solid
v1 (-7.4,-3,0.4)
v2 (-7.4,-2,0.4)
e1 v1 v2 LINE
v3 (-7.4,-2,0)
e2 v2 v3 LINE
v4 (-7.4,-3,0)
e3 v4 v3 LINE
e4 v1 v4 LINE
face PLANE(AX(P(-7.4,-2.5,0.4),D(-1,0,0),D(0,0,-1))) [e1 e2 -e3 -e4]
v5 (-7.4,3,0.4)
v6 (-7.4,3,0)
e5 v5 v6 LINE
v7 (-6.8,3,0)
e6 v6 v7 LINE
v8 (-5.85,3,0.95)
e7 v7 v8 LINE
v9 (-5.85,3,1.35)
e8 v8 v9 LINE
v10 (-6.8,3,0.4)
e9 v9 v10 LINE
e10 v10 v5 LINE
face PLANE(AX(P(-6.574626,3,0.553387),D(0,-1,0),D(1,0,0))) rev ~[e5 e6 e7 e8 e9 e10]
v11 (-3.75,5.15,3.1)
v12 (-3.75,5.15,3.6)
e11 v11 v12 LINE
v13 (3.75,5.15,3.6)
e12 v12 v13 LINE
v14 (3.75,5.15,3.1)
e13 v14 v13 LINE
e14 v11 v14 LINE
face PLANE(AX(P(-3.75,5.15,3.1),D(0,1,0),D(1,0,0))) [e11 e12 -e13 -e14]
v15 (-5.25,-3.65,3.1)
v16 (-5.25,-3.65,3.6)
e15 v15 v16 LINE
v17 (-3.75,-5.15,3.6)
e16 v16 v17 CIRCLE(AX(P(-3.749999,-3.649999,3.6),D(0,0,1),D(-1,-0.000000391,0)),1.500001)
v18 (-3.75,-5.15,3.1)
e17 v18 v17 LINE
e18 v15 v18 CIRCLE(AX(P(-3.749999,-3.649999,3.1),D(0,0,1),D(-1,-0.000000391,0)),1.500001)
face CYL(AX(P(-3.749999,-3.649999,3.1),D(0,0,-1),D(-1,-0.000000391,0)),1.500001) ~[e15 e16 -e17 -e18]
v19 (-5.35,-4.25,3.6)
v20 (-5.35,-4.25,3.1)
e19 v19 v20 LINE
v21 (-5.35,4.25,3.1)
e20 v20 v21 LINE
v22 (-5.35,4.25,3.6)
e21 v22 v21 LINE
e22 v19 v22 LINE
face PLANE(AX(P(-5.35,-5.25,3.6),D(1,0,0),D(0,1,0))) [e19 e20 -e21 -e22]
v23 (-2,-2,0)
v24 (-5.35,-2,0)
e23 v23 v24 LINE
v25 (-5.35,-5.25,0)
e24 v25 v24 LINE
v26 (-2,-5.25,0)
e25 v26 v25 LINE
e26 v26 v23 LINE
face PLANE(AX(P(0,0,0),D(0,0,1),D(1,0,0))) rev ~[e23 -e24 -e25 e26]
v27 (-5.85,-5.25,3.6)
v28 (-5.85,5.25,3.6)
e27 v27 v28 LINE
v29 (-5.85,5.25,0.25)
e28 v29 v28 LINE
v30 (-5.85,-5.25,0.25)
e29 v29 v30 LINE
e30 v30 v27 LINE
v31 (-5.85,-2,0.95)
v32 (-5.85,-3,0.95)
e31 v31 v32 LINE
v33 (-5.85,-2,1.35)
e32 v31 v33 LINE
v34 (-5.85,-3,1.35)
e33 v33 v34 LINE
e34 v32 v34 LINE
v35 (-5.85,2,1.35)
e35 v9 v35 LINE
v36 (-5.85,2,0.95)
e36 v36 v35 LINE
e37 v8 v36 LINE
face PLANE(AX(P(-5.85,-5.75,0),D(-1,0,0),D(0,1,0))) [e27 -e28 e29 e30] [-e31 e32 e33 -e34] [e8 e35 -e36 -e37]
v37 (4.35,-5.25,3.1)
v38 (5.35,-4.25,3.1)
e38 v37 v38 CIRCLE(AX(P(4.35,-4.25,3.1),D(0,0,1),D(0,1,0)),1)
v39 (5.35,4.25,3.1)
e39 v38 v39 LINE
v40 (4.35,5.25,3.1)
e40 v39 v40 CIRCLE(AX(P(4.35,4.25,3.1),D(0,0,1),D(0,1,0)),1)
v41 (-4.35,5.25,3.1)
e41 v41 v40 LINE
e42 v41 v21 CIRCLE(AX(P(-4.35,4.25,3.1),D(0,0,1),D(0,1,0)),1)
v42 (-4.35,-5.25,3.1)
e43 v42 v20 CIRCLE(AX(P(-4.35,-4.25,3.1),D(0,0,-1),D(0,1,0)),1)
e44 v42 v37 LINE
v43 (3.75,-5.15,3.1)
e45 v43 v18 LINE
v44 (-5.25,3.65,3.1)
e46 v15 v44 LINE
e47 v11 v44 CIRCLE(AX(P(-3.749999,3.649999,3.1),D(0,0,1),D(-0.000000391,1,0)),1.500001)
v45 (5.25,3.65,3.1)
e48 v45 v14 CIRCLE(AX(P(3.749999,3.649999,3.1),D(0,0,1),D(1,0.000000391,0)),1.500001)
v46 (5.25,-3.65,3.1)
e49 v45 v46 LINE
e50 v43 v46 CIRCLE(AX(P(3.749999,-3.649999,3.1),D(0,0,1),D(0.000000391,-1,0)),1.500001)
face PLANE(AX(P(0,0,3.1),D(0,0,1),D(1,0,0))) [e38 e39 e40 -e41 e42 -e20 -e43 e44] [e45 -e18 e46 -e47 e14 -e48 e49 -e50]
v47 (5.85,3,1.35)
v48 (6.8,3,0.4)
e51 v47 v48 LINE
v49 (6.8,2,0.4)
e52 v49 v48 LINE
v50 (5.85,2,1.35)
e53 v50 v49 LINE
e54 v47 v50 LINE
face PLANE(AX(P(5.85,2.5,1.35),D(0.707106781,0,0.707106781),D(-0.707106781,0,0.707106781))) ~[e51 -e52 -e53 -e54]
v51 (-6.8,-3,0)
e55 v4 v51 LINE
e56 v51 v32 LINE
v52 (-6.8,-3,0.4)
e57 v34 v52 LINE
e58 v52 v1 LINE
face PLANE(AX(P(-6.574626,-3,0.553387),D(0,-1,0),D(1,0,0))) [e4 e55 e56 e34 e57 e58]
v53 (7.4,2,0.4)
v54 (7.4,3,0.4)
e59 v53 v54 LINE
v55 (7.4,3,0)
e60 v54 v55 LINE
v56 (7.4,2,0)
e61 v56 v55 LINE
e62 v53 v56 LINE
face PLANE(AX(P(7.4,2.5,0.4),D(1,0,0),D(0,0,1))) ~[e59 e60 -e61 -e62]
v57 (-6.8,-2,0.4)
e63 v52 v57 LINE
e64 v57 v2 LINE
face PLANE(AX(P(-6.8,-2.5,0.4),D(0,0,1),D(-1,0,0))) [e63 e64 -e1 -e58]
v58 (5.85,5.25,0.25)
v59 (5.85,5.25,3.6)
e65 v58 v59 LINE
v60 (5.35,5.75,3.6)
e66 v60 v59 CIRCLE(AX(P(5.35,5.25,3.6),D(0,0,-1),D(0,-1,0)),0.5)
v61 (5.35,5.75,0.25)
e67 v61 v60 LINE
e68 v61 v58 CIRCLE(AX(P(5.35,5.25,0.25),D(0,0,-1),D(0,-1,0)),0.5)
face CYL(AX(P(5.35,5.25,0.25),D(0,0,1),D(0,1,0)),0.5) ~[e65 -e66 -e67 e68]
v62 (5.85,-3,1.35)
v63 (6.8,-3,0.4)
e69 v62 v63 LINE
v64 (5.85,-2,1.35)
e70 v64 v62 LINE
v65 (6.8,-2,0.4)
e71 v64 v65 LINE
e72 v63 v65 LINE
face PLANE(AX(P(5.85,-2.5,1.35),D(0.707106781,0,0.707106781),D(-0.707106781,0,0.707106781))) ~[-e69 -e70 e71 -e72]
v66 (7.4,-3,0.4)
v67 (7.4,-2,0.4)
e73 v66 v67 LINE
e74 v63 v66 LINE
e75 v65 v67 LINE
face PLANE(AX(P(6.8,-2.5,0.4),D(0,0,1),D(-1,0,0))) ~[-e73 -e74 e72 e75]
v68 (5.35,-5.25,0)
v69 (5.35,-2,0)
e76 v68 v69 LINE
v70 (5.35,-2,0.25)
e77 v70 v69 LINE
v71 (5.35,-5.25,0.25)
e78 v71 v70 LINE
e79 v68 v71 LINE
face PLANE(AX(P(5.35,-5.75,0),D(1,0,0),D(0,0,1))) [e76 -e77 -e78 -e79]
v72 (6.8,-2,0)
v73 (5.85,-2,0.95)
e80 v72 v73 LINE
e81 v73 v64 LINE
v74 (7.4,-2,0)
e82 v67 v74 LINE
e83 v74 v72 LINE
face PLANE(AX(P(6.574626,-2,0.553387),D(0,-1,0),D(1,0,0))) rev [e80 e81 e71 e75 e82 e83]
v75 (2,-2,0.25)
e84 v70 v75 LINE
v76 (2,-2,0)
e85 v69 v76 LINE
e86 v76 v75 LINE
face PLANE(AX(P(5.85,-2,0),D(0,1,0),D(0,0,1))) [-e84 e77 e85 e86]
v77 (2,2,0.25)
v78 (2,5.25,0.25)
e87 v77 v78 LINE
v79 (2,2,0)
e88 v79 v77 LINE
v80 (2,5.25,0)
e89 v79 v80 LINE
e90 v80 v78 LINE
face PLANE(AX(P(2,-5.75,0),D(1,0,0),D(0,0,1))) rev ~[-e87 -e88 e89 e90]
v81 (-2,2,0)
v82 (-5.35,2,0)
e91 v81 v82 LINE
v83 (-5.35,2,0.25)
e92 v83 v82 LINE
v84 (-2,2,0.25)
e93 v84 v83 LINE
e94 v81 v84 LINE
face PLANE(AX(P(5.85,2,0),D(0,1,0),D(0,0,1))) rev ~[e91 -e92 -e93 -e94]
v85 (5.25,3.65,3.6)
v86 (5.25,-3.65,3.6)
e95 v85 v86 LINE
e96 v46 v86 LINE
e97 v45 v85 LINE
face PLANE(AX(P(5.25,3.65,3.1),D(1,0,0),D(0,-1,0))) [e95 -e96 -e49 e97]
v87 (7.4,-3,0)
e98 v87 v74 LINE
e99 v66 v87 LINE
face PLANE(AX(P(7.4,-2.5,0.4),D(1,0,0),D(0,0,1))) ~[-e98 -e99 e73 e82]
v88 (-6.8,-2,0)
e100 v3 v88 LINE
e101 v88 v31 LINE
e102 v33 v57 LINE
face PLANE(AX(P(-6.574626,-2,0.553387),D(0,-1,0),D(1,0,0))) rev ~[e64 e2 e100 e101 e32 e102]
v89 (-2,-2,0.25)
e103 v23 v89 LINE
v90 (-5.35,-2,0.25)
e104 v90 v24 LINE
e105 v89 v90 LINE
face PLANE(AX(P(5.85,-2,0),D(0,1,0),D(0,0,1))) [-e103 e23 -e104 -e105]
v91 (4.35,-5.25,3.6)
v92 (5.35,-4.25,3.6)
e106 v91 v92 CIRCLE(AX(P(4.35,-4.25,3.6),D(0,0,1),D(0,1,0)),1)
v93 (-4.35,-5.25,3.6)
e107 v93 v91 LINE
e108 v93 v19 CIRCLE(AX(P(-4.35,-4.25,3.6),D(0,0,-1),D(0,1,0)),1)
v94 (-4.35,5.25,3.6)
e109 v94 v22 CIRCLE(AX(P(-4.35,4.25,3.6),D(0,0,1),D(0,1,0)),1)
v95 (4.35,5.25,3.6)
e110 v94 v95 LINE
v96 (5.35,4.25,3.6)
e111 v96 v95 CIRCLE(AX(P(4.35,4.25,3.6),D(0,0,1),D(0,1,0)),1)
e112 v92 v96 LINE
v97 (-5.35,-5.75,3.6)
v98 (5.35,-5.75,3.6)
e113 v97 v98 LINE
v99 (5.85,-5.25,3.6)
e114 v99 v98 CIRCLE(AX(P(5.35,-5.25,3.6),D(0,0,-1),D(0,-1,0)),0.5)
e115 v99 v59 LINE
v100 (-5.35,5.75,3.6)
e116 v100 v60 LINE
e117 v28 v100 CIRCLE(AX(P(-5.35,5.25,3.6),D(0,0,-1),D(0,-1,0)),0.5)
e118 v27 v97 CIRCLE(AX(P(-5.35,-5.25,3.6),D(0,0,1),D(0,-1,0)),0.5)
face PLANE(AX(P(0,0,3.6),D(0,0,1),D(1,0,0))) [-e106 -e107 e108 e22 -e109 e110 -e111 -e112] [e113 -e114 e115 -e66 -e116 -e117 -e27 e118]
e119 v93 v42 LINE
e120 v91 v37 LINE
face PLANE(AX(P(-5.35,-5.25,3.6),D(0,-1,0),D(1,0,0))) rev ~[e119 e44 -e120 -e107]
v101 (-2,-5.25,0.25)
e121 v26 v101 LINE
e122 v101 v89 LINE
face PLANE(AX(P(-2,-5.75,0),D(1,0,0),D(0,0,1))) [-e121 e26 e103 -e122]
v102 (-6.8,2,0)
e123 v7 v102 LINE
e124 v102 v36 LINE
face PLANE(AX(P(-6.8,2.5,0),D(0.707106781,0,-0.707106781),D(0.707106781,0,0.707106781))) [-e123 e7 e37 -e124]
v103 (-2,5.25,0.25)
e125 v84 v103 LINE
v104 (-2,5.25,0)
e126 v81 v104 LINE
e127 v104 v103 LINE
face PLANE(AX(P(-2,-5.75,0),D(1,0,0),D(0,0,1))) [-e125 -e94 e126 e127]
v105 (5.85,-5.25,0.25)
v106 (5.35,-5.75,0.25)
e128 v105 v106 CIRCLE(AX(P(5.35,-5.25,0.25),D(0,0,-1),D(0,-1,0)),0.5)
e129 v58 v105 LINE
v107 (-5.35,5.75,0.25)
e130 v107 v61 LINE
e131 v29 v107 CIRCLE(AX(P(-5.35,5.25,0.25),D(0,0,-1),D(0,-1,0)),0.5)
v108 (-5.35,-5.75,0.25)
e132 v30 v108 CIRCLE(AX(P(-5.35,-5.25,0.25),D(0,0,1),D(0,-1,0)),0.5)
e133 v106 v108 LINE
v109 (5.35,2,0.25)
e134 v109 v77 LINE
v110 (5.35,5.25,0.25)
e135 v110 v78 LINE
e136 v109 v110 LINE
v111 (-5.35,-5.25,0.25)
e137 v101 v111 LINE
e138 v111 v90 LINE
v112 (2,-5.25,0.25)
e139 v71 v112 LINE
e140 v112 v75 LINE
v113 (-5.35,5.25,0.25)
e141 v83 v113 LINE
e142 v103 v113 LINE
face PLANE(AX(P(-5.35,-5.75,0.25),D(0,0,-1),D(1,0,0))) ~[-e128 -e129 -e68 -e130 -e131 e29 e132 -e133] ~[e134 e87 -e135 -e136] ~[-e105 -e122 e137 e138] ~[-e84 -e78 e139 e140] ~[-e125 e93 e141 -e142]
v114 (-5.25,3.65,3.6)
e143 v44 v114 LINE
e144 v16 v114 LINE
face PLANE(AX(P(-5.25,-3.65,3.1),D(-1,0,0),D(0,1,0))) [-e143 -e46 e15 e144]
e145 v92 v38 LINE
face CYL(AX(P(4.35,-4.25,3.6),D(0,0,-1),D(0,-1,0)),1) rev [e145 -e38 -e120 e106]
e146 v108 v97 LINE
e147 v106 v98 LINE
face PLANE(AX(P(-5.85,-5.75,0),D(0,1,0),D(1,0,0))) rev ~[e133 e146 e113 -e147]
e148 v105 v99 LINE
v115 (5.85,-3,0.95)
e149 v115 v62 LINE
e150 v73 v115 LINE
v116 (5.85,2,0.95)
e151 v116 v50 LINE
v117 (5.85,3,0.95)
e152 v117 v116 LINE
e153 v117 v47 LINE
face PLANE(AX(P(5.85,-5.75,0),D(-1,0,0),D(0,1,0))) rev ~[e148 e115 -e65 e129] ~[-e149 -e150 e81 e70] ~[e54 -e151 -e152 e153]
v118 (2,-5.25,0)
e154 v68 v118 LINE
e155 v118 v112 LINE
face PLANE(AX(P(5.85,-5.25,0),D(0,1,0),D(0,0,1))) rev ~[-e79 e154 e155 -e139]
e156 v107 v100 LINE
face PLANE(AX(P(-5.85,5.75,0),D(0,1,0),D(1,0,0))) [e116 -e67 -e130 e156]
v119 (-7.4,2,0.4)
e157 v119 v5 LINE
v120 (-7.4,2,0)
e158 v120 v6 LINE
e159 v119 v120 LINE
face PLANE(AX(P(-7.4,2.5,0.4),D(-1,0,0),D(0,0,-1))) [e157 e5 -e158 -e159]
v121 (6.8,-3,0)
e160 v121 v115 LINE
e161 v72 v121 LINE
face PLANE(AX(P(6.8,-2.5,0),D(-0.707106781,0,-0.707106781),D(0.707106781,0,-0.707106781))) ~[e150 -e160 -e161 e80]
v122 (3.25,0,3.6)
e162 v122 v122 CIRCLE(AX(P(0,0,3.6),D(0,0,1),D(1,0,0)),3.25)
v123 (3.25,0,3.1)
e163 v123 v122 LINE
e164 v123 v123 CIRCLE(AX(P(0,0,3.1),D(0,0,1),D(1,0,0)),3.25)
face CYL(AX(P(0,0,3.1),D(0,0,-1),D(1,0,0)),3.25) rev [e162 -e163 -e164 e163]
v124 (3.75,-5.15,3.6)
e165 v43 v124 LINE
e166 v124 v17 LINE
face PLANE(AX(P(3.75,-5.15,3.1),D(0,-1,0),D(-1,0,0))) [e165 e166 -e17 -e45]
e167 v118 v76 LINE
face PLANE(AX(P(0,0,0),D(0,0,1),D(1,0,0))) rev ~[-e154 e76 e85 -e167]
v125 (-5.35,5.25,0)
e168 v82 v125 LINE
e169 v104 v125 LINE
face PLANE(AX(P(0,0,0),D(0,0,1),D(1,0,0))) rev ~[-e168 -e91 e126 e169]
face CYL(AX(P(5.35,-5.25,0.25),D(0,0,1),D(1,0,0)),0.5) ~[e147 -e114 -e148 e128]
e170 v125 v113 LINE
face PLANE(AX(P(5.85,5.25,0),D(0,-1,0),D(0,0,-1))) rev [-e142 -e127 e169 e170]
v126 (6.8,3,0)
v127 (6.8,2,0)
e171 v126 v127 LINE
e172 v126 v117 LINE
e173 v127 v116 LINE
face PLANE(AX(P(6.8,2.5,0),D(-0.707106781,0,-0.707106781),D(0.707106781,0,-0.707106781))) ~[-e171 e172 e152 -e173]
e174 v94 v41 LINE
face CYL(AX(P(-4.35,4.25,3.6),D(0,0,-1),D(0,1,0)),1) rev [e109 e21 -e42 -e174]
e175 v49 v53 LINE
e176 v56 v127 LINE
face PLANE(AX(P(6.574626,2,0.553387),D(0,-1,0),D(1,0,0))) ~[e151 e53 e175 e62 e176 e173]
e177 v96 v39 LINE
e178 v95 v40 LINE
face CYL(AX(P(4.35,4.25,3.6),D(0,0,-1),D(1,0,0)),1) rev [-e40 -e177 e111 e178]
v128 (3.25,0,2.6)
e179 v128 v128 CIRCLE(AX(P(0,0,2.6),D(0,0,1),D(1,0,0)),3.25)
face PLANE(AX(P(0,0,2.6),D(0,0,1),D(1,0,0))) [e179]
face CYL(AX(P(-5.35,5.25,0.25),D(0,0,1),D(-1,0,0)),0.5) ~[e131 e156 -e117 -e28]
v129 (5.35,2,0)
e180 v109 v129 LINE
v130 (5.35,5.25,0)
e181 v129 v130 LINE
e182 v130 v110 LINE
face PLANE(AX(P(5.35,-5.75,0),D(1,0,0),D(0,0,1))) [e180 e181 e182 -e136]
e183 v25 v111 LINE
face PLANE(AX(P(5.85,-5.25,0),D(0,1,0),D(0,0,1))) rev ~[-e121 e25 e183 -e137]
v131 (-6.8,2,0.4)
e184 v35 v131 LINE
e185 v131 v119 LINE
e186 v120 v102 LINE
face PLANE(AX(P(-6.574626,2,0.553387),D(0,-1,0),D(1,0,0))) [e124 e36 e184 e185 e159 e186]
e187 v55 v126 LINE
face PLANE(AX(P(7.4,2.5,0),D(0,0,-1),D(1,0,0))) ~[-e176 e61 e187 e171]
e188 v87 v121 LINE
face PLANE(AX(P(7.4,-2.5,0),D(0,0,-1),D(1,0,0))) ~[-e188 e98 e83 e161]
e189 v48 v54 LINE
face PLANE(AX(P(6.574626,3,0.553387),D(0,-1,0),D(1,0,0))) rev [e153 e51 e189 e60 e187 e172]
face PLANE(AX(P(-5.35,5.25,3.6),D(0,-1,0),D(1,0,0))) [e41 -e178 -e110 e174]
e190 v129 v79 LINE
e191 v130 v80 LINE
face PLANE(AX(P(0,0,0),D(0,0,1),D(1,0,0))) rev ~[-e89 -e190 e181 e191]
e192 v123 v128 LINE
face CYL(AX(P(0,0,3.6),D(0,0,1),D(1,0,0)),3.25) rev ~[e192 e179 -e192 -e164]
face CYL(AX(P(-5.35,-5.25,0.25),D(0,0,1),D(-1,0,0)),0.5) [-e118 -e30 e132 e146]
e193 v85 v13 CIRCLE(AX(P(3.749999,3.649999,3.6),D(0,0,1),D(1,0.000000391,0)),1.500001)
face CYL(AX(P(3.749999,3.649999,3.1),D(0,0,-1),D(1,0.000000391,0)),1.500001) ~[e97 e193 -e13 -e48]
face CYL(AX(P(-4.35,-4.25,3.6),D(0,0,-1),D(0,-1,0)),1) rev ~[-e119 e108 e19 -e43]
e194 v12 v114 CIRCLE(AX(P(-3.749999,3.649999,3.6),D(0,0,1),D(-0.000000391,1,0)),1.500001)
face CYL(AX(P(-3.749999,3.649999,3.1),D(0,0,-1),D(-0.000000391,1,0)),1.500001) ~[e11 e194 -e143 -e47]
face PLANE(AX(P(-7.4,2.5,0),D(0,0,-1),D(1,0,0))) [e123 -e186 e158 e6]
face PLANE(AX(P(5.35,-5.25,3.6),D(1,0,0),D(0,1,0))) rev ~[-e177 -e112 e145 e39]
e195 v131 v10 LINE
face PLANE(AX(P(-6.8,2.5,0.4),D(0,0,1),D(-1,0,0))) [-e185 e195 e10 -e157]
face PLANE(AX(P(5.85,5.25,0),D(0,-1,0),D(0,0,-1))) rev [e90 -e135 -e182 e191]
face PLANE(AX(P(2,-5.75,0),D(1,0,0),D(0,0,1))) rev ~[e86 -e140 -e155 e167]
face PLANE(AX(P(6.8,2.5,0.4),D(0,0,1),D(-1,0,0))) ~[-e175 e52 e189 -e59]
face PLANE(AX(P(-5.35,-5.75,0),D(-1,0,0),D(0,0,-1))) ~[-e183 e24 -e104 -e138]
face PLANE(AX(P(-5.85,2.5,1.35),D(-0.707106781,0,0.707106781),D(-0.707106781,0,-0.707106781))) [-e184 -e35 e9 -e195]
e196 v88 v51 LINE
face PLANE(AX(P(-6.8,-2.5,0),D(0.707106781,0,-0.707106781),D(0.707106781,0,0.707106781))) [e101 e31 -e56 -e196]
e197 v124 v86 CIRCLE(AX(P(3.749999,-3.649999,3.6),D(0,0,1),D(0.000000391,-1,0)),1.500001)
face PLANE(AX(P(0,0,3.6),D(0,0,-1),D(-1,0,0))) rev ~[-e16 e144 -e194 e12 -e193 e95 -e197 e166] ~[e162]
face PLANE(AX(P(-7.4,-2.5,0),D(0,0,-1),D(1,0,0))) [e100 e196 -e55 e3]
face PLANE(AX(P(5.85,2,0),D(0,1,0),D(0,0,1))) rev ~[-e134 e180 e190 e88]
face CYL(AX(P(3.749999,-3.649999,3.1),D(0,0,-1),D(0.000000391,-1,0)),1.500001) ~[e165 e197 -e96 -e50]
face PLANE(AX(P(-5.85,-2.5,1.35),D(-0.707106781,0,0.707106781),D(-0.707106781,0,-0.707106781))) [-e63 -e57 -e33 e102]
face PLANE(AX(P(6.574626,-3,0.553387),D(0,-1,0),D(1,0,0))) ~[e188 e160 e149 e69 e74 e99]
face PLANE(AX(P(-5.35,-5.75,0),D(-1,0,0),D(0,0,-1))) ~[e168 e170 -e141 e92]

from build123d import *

# Parameters (mm, degrees)
SKETCH_W                     = 11.7
SKETCH_H                     = 11.5
PAD_DEPTH                    = 3.6
PAD001_DEPTH                 = 0.5
PAD001_LINEARPATTERN_2_DEPTH = 0.5
SKETCH002_W                  = 4
SKETCH002_H                  = 0.25
POCKET_DEPTH                 = 11.501
SKETCH003_W                  = 4
SKETCH003_H                  = 0.25
POCKET001_DEPTH              = 11.7
SKETCH005_W                  = 0.5
SKETCH005_H                  = 0.25
POCKET002_DEPTH              = 49.671669
SKETCH006_W                  = 0.5
SKETCH006_H                  = 0.25
POCKET003_DEPTH              = 51.421669
FILLET_R                     = 0.5
SKETCH007_R                  = 3.25
POCKET004_DEPTH              = 1
SKETCH008_W                  = 10.7
SKETCH008_H                  = 10.5
POCKET005_DEPTH              = 0.5
FILLET001_R                  = 1
SKETCH009_R                  = 3.25
PAD002_DEPTH                 = 0.5


with BuildPart() as part:
    # Sketch → Pad (new body)
    with BuildSketch(Plane.XY):
        Rectangle(SKETCH_W, SKETCH_H)
    extrude(amount=PAD_DEPTH)

    # Sketch001 (on DatumPlane) → Pad001 (join, symmetric)
    with BuildSketch(Plane.XZ.offset(2.5)):
        Polygon((-7.4, 0), (-6.8, 0), (-5.85, 0.95), (-5.85, 1.35), (-6.8, 0.4), (-7.4, 0.4), align=None)
    pad001 = extrude(amount=PAD001_DEPTH, both=True)

    # Sketch001 LinearPattern 2 → Pad001 LinearPattern 2 (add, symmetric)
    with BuildSketch(Plane.XZ.offset(-2.5)):
        Polygon((-7.4, 0), (-6.8, 0), (-5.85, 0.95), (-5.85, 1.35), (-6.8, 0.4), (-7.4, 0.4), align=None)
    pad001_linearpattern_2 = extrude(amount=PAD001_LINEARPATTERN_2_DEPTH, both=True)

    # Mirrored: Pad001, Pad001 LinearPattern 2 across Sketch001 V_Axis
    add(pad001.mirror(Plane(origin=(0, -2.5, 0), x_dir=(0, -1, 0), z_dir=(1, 0, 0))))
    add(pad001_linearpattern_2.mirror(Plane(origin=(0, -2.5, 0), x_dir=(0, -1, 0), z_dir=(1, 0, 0))))

    # Sketch002 (on Face6 of MultiTransform) → Pocket (cut, through all)
    with BuildSketch(Plane.XZ.offset(5.75)):
        with Locations((0, 0.125)):
            Rectangle(SKETCH002_W, SKETCH002_H)
    extrude(amount=-POCKET_DEPTH, mode=Mode.SUBTRACT)

    # Sketch003 (on Face7 of Pocket) → Pocket001 (cut)
    with BuildSketch(Plane.YZ.offset(5.85)):
        with Locations((0, 0.125)):
            Rectangle(SKETCH003_W, SKETCH003_H)
    extrude(amount=-POCKET001_DEPTH, mode=Mode.SUBTRACT)

    # Sketch005 (on Face11 of Pocket001) → Pocket002 (cut, through all)
    with BuildSketch(Plane.XZ.offset(5.75)):
        with Locations((5.6, 0.125)):
            Rectangle(SKETCH005_W, SKETCH005_H)
    pocket002 = extrude(amount=-POCKET002_DEPTH, mode=Mode.SUBTRACT)

    # Mirrored001: Pocket002 across Sketch005 V_Axis
    add(pocket002.mirror(Plane(origin=(0, -5.75, 0), x_dir=(0, -1, 0), z_dir=(1, 0, 0))), mode=Mode.SUBTRACT)

    # Sketch006 (on Face11 of Mirrored001) → Pocket003 (cut, through all)
    with BuildSketch(Plane.YZ.offset(5.85)):
        with Locations((-5.5, 0.125)):
            Rectangle(SKETCH006_W, SKETCH006_H)
    pocket003 = extrude(amount=-POCKET003_DEPTH, mode=Mode.SUBTRACT)

    # Mirrored002: Pocket003 across Sketch006 V_Axis
    add(pocket003.mirror(Plane(origin=(5.85, 0, 0), x_dir=(1, 0, 0), z_dir=(0, 1, 0))), mode=Mode.SUBTRACT)

    # Fillet
    fillet_edges = [part.edges().sort_by_distance(p)[0] for p in [
        (5.85, -5.75, 1.925),
        (5.85, 5.75, 1.925),
        (-5.85, -5.75, 1.925),
        (-5.85, 5.75, 1.925),
    ]]
    fillet(fillet_edges, radius=FILLET_R)

    # Sketch007 (on Face5 of Fillet) → Pocket004 (cut)
    with BuildSketch(Plane.XY.offset(3.6)):
        Circle(SKETCH007_R)
    extrude(amount=-POCKET004_DEPTH, mode=Mode.SUBTRACT)

    # Sketch008 (on Face5 of Pocket004) → Pocket005 (cut)
    with BuildSketch(Plane.XY.offset(3.6)):
        Rectangle(SKETCH008_W, SKETCH008_H)
    extrude(amount=-POCKET005_DEPTH, mode=Mode.SUBTRACT)

    # Fillet001
    fillet001_edges = [part.edges().sort_by_distance(p)[0] for p in [
        (-5.35, 5.25, 3.35),
        (5.35, 5.25, 3.35),
        (5.35, -5.25, 3.35),
        (-5.35, -5.25, 3.35),
    ]]
    fillet(fillet001_edges, radius=FILLET001_R)

    # Sketch009 (on Face18 of Fillet001) → Pad002 (join)
    with BuildSketch(Plane.XY.offset(3.1)):
        with BuildLine():
            Line((-3.75, 5.15), (3.75, 5.15))
            ThreePointArc((5.25, 3.65), (4.81066, 4.71066), (3.75, 5.15))
            Line((5.25, 3.65), (5.25, -3.65))
            ThreePointArc((3.75, -5.15), (4.81066, -4.71066), (5.25, -3.65))
            Line((3.75, -5.15), (-3.75, -5.15))
            ThreePointArc((-5.25, -3.65), (-4.81066, -4.71066), (-3.75, -5.15))
            Line((-5.25, -3.65), (-5.25, 3.65))
            ThreePointArc((-3.75, 5.15), (-4.81066, 4.71066), (-5.25, 3.65))
        make_face()
        Circle(SKETCH009_R, mode=Mode.SUBTRACT)
    extrude(amount=PAD002_DEPTH)


solid = part.part
